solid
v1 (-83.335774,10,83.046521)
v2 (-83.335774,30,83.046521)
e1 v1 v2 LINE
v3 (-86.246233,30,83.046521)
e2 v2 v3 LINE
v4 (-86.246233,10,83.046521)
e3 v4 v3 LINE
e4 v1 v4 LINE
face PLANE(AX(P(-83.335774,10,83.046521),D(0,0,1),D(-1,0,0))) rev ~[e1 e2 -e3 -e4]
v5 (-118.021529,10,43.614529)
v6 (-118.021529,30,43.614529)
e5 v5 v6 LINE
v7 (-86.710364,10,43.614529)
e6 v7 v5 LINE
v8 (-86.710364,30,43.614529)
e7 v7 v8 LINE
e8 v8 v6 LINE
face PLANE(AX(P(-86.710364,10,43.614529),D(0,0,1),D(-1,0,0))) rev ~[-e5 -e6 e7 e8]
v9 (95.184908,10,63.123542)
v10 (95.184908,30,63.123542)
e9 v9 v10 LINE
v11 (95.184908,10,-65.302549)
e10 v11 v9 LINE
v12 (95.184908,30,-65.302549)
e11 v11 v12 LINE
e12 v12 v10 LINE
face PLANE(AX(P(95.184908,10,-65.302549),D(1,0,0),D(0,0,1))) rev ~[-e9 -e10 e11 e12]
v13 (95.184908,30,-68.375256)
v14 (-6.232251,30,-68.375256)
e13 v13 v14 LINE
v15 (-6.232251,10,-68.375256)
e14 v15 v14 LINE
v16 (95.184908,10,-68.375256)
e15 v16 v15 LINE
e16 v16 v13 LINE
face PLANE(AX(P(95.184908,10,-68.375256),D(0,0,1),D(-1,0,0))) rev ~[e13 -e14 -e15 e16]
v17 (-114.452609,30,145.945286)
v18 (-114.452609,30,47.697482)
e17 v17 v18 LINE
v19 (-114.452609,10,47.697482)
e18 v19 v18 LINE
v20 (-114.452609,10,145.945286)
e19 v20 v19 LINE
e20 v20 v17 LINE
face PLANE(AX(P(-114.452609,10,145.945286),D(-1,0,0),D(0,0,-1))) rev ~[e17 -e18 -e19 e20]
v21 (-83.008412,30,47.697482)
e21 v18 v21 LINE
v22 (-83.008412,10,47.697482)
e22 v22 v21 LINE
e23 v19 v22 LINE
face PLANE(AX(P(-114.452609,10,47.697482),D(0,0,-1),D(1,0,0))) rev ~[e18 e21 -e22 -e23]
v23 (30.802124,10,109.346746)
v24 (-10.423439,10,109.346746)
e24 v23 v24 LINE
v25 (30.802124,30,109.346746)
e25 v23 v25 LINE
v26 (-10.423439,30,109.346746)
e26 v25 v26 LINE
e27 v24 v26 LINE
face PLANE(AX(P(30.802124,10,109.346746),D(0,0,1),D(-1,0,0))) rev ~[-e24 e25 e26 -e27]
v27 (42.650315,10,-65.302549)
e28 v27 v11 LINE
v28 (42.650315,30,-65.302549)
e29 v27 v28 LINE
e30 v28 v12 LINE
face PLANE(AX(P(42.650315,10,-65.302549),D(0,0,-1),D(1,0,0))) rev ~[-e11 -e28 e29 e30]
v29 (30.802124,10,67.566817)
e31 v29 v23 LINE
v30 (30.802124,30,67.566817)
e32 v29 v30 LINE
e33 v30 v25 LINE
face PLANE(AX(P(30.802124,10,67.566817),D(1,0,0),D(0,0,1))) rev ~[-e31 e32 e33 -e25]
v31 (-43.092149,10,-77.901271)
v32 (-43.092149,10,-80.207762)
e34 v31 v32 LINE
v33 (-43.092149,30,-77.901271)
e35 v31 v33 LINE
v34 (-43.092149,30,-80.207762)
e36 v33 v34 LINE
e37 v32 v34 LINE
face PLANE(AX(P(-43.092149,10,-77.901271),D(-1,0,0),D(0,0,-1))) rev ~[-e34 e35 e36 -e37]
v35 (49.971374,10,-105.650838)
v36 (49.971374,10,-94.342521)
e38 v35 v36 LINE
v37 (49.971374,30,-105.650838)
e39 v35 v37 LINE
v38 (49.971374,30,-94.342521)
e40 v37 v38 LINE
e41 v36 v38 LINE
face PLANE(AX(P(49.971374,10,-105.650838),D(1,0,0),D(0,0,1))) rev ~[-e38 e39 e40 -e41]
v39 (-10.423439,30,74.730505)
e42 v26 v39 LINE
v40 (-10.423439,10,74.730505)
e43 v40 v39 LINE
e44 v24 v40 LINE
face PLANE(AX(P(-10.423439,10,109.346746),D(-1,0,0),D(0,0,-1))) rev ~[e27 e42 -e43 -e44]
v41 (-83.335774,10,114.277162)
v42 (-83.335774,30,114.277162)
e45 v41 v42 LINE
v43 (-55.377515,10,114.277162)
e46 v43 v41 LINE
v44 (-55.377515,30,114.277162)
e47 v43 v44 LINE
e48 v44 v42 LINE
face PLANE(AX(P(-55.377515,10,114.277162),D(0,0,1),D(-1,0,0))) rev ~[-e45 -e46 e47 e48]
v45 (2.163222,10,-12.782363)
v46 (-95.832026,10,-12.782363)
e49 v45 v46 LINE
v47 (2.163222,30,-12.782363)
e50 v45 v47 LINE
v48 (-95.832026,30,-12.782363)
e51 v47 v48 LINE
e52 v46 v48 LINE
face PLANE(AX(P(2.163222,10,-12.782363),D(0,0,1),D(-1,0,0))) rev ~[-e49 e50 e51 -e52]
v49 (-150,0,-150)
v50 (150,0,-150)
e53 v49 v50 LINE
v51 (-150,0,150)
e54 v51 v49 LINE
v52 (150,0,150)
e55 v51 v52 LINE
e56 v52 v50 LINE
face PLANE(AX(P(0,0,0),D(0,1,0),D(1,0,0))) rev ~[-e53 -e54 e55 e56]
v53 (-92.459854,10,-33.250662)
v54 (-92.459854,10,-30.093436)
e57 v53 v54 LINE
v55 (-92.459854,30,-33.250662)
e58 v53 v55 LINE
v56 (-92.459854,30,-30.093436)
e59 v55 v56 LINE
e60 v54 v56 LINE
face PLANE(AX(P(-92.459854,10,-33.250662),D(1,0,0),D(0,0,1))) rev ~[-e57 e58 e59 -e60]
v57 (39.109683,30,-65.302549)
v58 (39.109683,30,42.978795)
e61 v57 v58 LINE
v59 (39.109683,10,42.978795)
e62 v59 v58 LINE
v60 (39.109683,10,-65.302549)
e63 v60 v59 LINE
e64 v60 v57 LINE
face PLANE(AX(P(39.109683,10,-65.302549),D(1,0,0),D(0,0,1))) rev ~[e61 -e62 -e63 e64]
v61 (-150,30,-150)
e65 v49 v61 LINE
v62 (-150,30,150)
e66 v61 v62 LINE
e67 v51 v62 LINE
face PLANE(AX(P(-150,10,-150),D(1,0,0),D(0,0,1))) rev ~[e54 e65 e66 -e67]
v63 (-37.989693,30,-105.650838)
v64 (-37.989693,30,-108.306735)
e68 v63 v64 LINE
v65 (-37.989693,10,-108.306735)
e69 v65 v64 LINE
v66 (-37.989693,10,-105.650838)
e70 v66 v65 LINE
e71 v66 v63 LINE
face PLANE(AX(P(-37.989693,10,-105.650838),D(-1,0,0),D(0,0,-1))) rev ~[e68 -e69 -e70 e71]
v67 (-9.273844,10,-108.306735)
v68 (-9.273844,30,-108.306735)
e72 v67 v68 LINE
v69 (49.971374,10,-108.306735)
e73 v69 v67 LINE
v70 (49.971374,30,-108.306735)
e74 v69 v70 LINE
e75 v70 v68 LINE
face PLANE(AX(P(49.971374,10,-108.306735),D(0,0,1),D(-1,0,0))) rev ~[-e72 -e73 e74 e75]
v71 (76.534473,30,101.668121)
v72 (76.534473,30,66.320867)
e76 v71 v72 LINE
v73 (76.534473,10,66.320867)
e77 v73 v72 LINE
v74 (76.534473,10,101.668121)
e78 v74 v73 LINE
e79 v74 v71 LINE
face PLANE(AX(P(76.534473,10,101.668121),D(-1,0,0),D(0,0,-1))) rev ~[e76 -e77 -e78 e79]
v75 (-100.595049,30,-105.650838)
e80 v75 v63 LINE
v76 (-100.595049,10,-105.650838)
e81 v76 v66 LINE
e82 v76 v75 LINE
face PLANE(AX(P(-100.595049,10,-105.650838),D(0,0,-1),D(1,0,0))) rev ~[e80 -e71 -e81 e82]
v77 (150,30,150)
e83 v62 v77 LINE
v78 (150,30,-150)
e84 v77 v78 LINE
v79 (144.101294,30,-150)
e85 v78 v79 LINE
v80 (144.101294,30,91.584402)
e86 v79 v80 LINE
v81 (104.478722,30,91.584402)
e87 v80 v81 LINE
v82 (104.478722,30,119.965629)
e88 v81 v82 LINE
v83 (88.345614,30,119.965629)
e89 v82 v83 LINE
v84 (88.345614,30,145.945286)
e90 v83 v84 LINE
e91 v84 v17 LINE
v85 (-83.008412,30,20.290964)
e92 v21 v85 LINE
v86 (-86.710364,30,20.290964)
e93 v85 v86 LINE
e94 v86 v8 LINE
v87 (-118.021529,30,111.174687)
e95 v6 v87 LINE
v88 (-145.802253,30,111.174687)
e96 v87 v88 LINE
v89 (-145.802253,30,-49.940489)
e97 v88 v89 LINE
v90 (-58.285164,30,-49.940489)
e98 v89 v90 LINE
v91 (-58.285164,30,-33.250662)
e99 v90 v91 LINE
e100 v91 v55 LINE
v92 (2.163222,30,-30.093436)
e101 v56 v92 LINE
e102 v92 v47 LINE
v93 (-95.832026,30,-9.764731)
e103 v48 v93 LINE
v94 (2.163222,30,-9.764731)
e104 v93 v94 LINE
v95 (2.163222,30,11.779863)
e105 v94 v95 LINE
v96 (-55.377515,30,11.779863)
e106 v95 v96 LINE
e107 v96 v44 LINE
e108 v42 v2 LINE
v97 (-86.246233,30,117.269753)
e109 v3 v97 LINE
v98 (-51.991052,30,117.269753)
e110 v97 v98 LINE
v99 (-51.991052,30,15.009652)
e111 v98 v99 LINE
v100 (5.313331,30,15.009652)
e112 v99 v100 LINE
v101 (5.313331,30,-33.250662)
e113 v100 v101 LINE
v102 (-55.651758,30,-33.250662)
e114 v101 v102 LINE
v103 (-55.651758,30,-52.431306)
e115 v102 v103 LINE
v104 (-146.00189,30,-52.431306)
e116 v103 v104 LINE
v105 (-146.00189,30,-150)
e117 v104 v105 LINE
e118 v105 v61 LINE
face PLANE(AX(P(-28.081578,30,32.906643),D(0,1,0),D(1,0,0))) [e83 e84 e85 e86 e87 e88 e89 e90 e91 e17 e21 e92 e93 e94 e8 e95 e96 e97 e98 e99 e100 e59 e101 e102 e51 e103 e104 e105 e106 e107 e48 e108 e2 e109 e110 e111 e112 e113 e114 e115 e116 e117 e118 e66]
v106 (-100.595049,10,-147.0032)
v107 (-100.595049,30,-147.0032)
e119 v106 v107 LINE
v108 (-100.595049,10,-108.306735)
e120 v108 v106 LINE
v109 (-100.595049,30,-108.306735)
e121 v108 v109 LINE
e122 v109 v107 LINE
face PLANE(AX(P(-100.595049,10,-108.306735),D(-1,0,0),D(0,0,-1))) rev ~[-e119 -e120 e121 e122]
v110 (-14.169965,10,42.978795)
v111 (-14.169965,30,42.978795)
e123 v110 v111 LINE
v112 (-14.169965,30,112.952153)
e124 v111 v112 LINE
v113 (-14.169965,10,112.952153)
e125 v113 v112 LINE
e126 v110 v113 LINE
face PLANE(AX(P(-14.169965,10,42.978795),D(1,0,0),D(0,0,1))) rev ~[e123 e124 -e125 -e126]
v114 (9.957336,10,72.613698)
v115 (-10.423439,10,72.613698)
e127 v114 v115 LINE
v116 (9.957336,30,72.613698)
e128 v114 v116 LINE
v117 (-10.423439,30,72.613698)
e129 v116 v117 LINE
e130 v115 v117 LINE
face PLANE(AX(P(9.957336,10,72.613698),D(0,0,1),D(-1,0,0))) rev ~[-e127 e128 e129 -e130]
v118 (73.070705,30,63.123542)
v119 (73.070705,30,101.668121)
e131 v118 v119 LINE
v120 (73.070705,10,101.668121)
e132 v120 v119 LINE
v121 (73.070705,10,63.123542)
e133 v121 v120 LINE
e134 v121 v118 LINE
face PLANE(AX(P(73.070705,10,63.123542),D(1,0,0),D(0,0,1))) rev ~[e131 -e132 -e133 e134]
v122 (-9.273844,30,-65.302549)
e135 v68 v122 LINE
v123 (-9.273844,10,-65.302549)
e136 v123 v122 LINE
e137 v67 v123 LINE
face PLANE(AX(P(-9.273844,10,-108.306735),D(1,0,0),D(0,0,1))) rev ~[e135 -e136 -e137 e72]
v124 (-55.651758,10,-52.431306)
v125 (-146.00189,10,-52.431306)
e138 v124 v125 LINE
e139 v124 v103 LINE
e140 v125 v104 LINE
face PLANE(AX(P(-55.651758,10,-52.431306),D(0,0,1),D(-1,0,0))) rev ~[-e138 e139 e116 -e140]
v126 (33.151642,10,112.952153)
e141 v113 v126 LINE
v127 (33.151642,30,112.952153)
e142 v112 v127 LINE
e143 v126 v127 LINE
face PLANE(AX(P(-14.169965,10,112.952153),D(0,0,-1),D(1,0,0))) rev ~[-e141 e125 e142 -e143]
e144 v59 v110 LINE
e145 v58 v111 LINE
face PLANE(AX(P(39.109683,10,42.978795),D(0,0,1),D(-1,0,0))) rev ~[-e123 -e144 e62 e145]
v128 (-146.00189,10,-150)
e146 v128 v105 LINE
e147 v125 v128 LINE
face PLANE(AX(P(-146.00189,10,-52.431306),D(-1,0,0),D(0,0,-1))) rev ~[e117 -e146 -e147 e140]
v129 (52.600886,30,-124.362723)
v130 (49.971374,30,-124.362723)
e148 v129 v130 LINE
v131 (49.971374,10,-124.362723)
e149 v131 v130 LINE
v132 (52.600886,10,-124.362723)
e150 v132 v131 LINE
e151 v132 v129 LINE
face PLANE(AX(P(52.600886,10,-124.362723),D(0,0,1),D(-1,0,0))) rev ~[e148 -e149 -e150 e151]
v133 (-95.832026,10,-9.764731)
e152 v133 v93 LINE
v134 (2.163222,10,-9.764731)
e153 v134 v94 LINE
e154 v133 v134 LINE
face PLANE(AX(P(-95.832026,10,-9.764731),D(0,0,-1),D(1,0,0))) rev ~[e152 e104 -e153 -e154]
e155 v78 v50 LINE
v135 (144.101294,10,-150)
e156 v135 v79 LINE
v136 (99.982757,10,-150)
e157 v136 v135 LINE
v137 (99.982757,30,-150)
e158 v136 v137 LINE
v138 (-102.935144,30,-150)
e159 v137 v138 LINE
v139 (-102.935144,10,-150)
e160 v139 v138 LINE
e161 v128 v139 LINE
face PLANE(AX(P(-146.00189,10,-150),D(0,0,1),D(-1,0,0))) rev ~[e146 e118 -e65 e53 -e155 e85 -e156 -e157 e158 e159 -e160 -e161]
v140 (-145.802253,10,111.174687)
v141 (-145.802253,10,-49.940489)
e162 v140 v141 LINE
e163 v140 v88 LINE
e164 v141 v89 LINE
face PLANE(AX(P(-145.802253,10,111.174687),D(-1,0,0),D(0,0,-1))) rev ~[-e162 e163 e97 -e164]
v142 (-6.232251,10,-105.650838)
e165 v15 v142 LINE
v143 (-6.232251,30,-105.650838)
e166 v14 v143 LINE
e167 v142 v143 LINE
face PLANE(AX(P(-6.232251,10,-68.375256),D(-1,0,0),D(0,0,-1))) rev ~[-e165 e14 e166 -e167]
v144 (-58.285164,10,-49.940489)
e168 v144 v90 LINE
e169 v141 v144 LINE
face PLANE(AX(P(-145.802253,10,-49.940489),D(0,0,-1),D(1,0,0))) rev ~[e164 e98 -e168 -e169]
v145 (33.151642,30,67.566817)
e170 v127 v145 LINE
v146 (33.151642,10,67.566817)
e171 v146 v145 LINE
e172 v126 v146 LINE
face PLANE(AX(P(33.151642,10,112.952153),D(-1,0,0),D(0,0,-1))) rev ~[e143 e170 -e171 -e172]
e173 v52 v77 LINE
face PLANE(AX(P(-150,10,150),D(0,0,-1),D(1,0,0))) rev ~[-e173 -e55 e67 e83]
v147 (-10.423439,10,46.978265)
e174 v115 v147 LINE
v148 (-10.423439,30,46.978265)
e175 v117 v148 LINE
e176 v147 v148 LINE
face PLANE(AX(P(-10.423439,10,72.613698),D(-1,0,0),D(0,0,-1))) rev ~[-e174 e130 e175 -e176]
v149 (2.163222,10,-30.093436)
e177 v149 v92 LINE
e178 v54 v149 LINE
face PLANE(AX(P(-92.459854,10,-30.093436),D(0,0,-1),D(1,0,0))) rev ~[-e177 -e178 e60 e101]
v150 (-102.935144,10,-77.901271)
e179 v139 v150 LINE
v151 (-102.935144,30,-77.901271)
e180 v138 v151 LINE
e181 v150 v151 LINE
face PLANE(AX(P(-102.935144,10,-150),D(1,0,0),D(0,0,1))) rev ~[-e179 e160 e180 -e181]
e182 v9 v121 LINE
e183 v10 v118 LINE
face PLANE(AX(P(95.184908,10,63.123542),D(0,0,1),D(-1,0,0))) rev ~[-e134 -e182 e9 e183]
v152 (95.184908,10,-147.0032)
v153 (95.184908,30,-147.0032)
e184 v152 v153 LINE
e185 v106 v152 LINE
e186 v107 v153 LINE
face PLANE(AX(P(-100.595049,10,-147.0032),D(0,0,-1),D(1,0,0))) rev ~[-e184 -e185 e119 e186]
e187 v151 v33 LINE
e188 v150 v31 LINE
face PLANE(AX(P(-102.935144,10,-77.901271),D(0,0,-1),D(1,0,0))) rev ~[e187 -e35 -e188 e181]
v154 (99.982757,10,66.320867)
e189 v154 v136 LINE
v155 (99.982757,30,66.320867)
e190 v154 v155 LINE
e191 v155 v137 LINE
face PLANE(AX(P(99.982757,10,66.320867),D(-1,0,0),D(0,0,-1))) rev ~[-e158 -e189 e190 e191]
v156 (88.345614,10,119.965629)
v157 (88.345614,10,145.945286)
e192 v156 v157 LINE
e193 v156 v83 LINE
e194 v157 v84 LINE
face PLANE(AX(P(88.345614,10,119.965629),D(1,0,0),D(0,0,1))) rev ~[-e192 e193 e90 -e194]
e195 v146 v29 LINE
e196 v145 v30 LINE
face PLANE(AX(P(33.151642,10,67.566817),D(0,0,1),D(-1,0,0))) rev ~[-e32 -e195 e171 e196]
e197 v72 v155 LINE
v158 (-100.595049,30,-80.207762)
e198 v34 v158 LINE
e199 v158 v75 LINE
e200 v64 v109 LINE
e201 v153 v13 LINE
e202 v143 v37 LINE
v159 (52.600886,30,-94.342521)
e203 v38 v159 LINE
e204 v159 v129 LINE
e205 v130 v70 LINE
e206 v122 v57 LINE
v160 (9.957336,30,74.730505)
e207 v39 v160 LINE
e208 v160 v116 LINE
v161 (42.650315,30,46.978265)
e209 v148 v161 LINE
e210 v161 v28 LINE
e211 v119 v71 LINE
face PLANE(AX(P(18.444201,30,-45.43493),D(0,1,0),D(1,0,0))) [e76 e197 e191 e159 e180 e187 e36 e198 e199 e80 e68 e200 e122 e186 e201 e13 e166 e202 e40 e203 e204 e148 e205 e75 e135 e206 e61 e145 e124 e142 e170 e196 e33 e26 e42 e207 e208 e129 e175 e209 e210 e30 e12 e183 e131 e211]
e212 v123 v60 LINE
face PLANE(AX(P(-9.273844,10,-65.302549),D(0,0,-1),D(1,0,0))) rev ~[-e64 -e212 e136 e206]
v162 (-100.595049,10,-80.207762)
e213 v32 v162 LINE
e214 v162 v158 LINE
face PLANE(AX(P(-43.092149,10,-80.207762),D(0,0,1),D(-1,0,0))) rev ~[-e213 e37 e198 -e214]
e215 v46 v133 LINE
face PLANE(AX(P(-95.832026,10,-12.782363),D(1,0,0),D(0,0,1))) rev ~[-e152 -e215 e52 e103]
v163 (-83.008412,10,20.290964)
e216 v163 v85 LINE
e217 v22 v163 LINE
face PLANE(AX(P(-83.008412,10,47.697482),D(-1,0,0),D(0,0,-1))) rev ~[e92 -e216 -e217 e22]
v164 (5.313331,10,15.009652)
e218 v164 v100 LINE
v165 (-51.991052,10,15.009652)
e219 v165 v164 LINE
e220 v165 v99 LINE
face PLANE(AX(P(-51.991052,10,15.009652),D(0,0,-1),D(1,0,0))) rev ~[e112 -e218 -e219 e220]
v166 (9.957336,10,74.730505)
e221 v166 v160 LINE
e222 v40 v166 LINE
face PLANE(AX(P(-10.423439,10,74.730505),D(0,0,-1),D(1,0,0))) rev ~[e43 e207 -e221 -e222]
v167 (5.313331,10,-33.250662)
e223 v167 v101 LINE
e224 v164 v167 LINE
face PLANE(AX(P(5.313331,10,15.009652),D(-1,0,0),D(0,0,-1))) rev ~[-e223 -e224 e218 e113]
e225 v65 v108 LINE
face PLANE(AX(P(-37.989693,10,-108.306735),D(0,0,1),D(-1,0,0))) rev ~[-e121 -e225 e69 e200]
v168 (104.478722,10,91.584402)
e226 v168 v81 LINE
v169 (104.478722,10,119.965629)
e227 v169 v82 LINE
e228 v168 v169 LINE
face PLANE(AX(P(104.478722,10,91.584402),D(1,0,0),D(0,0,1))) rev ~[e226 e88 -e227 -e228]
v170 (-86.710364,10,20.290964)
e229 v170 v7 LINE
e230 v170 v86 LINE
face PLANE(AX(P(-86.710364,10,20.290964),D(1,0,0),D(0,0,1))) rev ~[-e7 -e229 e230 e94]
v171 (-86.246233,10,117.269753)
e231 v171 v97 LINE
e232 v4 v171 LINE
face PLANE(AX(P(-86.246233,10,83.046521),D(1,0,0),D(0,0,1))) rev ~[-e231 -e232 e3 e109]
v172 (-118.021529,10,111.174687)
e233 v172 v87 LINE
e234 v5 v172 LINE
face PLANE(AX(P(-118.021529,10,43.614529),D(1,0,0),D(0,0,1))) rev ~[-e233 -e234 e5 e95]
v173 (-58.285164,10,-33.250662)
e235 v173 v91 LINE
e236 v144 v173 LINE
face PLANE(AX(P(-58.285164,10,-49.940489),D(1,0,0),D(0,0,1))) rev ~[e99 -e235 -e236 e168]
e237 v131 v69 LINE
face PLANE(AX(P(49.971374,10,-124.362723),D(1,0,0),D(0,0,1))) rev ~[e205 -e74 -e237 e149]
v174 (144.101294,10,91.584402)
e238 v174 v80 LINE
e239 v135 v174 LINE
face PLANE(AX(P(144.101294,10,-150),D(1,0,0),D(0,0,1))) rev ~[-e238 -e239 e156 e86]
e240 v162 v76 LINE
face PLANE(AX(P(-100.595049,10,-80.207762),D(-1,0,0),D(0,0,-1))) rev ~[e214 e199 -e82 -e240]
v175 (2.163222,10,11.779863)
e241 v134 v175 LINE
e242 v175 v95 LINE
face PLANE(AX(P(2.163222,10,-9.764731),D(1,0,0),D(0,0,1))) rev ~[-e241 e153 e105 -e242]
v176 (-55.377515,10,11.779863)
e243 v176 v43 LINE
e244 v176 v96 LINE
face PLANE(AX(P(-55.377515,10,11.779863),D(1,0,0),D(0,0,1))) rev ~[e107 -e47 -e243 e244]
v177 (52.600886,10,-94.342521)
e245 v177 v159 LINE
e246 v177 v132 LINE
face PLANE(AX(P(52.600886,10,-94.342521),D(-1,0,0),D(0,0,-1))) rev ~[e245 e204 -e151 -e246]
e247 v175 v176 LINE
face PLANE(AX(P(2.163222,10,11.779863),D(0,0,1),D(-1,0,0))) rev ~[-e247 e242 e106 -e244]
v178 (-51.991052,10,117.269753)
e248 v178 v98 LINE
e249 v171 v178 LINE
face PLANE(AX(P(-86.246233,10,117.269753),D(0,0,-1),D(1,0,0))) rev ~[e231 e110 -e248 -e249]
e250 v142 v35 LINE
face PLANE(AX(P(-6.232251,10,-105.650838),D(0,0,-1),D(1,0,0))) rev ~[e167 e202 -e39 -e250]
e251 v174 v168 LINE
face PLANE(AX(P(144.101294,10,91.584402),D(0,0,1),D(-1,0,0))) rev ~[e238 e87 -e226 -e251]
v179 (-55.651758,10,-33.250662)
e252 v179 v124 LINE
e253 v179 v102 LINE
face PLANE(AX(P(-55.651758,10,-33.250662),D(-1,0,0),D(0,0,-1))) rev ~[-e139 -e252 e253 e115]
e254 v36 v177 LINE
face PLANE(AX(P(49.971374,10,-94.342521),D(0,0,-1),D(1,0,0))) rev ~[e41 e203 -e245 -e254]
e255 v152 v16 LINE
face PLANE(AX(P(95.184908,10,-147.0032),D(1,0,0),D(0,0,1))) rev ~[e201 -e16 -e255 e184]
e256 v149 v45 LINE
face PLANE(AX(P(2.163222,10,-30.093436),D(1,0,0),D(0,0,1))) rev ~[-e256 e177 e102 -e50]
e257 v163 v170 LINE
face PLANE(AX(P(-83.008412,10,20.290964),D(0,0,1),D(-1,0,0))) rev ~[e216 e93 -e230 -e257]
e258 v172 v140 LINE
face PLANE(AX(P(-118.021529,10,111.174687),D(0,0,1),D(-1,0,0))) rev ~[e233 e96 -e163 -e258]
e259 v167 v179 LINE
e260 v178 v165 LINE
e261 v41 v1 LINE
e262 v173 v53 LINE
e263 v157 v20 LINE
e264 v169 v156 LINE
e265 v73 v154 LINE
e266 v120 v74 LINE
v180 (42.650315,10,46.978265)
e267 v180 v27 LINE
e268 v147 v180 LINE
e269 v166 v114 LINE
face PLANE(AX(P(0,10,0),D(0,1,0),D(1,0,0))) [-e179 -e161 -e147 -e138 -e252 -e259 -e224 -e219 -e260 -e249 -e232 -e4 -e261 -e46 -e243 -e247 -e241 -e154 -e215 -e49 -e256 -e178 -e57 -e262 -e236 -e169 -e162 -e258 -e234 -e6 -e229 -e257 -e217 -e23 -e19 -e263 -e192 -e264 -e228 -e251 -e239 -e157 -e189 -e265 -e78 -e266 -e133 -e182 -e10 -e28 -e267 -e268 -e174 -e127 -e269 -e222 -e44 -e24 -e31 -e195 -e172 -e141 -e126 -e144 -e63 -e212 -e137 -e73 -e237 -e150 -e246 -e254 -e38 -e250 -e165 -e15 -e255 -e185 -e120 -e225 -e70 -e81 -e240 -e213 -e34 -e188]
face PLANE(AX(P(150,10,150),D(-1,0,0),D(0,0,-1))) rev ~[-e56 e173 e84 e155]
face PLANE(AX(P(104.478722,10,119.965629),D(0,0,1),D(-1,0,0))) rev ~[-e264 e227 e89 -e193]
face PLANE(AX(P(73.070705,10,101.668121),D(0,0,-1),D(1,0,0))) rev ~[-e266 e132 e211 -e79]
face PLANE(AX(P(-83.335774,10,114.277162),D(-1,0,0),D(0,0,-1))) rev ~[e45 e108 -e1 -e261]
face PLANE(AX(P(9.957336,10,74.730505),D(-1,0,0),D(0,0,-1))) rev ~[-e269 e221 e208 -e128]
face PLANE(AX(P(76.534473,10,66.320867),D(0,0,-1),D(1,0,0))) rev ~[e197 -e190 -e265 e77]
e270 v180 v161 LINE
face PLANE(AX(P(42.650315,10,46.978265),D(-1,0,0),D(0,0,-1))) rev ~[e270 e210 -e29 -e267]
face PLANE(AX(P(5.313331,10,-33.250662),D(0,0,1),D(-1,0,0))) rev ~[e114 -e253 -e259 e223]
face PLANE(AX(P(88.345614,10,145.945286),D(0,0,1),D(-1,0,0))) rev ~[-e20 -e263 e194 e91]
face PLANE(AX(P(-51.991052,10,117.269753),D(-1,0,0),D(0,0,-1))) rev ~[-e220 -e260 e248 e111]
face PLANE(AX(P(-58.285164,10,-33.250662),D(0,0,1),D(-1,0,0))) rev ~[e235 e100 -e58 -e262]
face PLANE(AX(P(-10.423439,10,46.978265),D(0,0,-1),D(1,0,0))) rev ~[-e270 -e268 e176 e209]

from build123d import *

# Parameters (mm, degrees)
SKETCH1_W           = 300
SKETCH1_H           = 300
BOSS_EXTRUDE1_DEPTH = 10
BOSS_EXTRUDE4_DEPTH = 20


with BuildPart() as part:
    # Sketch1 → Boss-Extrude1 (new body)
    with BuildSketch(Plane(origin=(0, 0, 0), x_dir=(1, 0, 0), z_dir=(0, 1, 0))):
        Rectangle(SKETCH1_W, SKETCH1_H)
    extrude(amount=BOSS_EXTRUDE1_DEPTH)

    # Sketch2 → Boss-Extrude4 (add)
    with BuildSketch(Plane(origin=(0, 10, 0), x_dir=(1, 0, 0), z_dir=(0, 1, 0))):
        Polygon((49.971374343, 108.306734699), (-9.273843692, 108.306734699), (-9.273843692, 65.302548914), (39.109683003, 65.302548914), (39.109683003, -42.978794556), (-14.169964592, -42.978794556), (-14.169964592, -112.952152785), (33.151642128, -112.952152785), (33.151642128, -67.566816692), (30.802124143, -67.566816692), (30.802124143, -109.346745837), (-10.423438765, -109.346745837), (-10.423438765, -74.73050528), (9.957336402, -74.73050528), (9.957336402, -72.613697765), (-10.423438765, -72.613697765), (-10.423438765, -46.978265259), (42.650315476, -46.978265259), (42.650315476, 65.302548914), (95.184908211, 65.302548914), (95.184908211, -63.123542137), (73.07070507, -63.123542137), (73.07070507, -101.668120527), (76.534473407, -101.668120527), (76.534473407, -66.320866756), (99.982757345, -66.320866756), (99.982757345, 150), (-102.935144351, 150), (-102.935144351, 77.901270739), (-43.092149345, 77.901270739), (-43.092149345, 80.20776174), (-100.595048935, 80.20776174), (-100.595048935, 105.650837757), (-37.989692586, 105.650837757), (-37.989692586, 108.306734699), (-100.595048935, 108.306734699), (-100.595048935, 147.003199663), (95.184908211, 147.003199663), (95.184908211, 68.375256183), (-6.232251129, 68.375256183), (-6.232251129, 105.650837757), (49.971374343, 105.650837757), (49.971374343, 94.342521139), (52.60088631, 94.342521139), (52.60088631, 124.362722745), (49.971374343, 124.362722745), align=None)
        Polygon((-146.001890411, 52.431305921), (-146.001890411, 150), (-150, 150), (-150, -150), (150, -150), (150, 150), (144.101294188, 150), (144.101294188, -91.584402299), (104.478721877, -91.584402299), (104.478721877, -119.965629386), (88.345614046, -119.965629386), (88.345614046, -145.94528604), (-114.452609493, -145.94528604), (-114.452609493, -47.69748233), (-83.008411836, -47.69748233), (-83.008411836, -20.290963527), (-86.710364357, -20.290963527), (-86.710364357, -43.614528655), (-118.021528945, -43.614528655), (-118.021528945, -111.174686517), (-145.802253378, -111.174686517), (-145.802253378, 49.940489366), (-58.285164429, 49.940489366), (-58.285164429, 33.250662457), (-92.45985442, 33.250662457), (-92.45985442, 30.093436444), (2.163221537, 30.093436444), (2.163221537, 12.78236321), (-95.832026153, 12.78236321), (-95.832026153, 9.764730819), (2.163221537, 9.764730819), (2.163221537, -11.779862869), (-55.377515494, -11.779862869), (-55.377515494, -114.277161571), (-83.335773751, -114.277161571), (-83.335773751, -83.046520825), (-86.246233134, -83.046520825), (-86.246233134, -117.269753185), (-51.991052188, -117.269753185), (-51.991052188, -15.009651935), (5.313331338, -15.009651935), (5.313331338, 33.250662457), (-55.651758488, 33.250662457), (-55.651758488, 52.431305921), align=None)
    extrude(amount=BOSS_EXTRUDE4_DEPTH)


solid = part.part
